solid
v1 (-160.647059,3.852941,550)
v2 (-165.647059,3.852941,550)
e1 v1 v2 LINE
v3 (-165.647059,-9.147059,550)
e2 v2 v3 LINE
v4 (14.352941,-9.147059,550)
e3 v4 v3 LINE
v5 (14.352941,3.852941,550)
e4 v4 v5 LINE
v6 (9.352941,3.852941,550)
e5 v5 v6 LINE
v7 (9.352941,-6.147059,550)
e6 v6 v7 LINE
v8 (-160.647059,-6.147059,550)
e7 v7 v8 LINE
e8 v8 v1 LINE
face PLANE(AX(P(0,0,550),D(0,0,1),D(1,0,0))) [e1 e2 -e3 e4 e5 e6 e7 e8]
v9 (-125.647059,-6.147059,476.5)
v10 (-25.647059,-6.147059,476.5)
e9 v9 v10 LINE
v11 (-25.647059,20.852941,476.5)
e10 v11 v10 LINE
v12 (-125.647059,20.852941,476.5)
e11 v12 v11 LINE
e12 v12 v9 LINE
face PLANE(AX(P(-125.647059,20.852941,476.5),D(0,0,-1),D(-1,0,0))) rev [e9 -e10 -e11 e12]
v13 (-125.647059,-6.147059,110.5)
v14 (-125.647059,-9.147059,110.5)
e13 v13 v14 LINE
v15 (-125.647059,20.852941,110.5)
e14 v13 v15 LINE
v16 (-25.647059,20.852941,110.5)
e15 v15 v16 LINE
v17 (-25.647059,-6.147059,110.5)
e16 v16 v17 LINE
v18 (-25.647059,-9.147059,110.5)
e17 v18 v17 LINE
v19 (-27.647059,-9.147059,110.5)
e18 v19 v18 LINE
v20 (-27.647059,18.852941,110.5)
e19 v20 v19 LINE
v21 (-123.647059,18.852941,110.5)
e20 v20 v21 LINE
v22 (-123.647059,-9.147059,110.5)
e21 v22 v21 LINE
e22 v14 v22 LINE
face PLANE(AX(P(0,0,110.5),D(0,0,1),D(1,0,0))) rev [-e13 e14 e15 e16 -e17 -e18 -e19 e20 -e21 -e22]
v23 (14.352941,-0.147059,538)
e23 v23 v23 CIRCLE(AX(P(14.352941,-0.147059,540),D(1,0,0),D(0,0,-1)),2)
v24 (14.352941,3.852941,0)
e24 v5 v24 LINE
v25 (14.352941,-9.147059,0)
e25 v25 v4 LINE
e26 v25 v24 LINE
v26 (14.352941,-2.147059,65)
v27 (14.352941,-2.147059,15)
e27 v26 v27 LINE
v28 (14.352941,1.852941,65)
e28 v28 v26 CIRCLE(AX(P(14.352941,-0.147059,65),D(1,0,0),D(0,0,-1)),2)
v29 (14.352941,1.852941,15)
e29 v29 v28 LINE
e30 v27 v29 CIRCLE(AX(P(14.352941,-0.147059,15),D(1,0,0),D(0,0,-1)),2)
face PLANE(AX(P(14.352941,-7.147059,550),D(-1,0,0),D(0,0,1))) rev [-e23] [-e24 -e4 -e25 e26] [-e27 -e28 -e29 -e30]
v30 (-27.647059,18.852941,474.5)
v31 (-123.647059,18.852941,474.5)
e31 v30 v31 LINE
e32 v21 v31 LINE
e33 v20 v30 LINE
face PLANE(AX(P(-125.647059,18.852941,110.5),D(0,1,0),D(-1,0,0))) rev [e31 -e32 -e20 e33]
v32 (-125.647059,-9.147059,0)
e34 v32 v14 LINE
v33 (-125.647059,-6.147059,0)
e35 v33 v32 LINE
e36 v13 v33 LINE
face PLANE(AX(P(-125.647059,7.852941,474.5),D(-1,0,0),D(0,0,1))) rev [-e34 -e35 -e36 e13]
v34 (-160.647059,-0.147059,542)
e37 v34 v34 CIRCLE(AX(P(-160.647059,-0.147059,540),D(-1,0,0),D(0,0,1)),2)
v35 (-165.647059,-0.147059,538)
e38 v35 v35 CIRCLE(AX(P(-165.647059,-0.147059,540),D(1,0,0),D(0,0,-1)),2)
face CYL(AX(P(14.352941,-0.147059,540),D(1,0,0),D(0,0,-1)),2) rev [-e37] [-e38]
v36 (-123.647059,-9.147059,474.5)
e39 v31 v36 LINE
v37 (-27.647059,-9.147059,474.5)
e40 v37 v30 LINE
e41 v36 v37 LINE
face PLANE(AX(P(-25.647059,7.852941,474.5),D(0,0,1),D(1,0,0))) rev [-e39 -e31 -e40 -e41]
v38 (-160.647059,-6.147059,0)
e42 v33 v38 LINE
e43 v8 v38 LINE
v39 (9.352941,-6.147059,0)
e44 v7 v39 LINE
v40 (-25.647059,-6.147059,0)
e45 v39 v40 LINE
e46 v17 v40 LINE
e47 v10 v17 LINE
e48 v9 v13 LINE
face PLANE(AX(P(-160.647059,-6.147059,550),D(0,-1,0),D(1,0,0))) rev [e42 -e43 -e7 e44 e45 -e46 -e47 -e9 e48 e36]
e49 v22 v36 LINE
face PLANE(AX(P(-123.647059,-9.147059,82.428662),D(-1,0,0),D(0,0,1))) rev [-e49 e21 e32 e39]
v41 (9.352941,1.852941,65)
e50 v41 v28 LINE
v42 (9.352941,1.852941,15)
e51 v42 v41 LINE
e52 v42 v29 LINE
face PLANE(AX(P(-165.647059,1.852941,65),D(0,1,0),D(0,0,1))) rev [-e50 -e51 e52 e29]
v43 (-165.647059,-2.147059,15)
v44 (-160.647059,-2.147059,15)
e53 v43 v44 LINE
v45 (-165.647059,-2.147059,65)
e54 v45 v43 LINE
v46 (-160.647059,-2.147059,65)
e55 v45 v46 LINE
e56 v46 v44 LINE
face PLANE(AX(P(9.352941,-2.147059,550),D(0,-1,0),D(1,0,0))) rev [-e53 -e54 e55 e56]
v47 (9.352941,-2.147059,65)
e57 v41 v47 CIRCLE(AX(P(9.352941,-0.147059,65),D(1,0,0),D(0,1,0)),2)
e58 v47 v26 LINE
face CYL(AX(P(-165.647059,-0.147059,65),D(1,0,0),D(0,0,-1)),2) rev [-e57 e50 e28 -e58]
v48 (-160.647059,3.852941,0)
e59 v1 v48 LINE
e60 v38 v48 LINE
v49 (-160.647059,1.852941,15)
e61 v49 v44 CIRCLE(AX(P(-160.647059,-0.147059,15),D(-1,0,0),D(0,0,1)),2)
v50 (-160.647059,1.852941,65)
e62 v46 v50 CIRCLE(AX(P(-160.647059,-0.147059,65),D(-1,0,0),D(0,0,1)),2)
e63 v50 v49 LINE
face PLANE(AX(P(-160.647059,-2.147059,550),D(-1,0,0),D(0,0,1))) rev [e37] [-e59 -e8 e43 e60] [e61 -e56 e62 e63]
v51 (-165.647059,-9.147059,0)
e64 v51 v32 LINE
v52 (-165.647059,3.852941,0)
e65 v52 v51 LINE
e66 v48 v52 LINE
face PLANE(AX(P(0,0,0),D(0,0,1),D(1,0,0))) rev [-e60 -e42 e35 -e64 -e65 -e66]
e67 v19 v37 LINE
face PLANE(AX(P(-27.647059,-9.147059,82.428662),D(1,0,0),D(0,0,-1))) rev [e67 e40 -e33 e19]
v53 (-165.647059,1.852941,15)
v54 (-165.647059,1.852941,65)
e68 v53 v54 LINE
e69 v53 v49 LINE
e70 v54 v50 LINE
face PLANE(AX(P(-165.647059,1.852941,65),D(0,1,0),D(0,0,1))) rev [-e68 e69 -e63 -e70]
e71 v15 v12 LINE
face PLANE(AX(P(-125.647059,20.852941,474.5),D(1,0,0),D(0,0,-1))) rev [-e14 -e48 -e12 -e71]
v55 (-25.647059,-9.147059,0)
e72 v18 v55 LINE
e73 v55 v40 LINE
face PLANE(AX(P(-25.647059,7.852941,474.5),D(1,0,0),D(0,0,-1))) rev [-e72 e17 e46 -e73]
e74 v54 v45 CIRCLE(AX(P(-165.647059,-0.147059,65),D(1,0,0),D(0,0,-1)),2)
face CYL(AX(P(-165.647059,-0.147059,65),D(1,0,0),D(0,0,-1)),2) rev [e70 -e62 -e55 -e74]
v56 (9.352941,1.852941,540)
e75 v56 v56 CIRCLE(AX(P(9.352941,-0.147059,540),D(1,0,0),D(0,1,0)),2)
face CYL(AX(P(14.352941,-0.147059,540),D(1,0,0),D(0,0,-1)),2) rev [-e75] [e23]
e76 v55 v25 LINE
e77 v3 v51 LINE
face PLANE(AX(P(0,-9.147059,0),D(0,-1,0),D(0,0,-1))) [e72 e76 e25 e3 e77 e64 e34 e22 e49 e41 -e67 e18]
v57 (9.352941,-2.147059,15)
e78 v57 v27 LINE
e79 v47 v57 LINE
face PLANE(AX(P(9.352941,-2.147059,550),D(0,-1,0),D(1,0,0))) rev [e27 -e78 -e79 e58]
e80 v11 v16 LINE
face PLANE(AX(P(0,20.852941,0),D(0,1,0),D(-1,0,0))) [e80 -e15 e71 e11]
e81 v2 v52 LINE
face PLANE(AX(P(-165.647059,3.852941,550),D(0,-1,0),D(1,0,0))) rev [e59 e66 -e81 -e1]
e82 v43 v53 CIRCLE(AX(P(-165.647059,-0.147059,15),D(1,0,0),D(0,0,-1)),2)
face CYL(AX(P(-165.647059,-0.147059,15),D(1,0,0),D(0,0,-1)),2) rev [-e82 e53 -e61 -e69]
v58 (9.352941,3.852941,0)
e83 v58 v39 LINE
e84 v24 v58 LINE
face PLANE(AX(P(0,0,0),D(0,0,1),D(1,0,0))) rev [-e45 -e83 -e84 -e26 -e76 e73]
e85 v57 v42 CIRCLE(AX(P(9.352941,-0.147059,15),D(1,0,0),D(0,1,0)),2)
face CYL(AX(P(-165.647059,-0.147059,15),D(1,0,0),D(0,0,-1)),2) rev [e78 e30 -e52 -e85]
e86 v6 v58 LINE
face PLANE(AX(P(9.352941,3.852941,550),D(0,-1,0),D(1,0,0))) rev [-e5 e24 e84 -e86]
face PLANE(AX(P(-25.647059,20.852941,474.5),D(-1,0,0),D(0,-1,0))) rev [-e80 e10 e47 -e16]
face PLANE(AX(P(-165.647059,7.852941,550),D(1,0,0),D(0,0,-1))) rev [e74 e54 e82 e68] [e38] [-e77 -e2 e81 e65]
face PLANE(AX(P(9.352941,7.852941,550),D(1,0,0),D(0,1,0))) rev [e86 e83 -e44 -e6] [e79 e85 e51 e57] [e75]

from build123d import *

# Parameters (mm, degrees)
BOSS_EXTRUDE1_DEPTH   = 550
F_4_0MM_DOWEL_HOLE1_D = 4
CUT_EXTRUDE1_DEPTH    = 579.75873098
SKETCH7_W             = 100
SKETCH7_H             = 409.5
CUT_EXTRUDE2_DEPTH    = 575.598945437
SKETCH8_W             = 100
SKETCH8_H             = 2
BOSS_EXTRUDE2_DEPTH   = 23
SKETCH9_W             = 100
SKETCH9_H             = 2
BOSS_EXTRUDE3_DEPTH   = 364
SKETCH10_W            = 100
SKETCH10_H            = 64.953820437
CUT_EXTRUDE3_DEPTH    = 364
SKETCH11_W            = 100
SKETCH11_H            = 35.696147614
CUT_EXTRUDE4_DEPTH    = 364
SKETCH12_W            = 5
SKETCH12_H            = 4
CUT_EXTRUDE6_DEPTH    = 575.781517842
SKETCH13_W            = 35
SKETCH13_H            = 2
CUT_EXTRUDE7_DEPTH    = 575.781517842
BOSS_EXTRUDE4_DEPTH   = 2
SKETCH15_W            = 35
SKETCH15_H            = 2
CUT_EXTRUDE8_DEPTH    = 575.781517842
SKETCH18_W            = 100
SKETCH18_H            = 7.149859065
CUT_EXTRUDE10_DEPTH   = 73.5
SKETCH22_W            = 2
SKETCH22_H            = 28
BOSS_EXTRUDE8_DEPTH   = 364
SKETCH24_W            = 2
SKETCH24_H            = 28
BOSS_EXTRUDE9_DEPTH   = 364


with BuildPart() as part:
    # Sketch1 → Boss-Extrude1 (new body)
    with BuildSketch(Plane.XY):
        Polygon((-165.647058824, 7.852941176), (-165.647058824, -7.147058824), (14.352941176, -7.147058824), (14.352941176, 7.852941176), (9.352941176, 7.852941176), (9.352941176, -2.147058824), (-160.647058824, -2.147058824), (-160.647058824, 7.852941176), align=None)
    extrude(amount=BOSS_EXTRUDE1_DEPTH)

    # Ø4.0mm Dowel Hole1 (through all)
    with Locations(Plane(origin=(14.352941176, 0, 0), x_dir=(0, 0, -1), z_dir=(1, 0, 0))):
        with Locations((-540, -0.147058824)):
            Hole(F_4_0MM_DOWEL_HOLE1_D / 2)

    # Sketch5 → Cut-Extrude1 (cut, through all)
    with BuildSketch(Plane(origin=(14.352941176, 0, 0), x_dir=(0, 0, -1), z_dir=(1, 0, 0))):
        with BuildLine():
            Line((-65, 1.852941176), (-15, 1.852941176))
            ThreePointArc((-15, 1.852941176), (-13, -0.147058824), (-15, -2.147058824))
            Line((-15, -2.147058824), (-65, -2.147058824))
            ThreePointArc((-65, -2.147058824), (-67, -0.147058824), (-65, 1.852941176))
        make_face()
    extrude(amount=-CUT_EXTRUDE1_DEPTH, mode=Mode.SUBTRACT)

    # Sketch7 → Cut-Extrude2 (cut, through all)
    with BuildSketch(Plane.XZ.offset(7.147058824)):
        with Locations((-75.647058824, 269.75)):
            Rectangle(SKETCH7_W, SKETCH7_H)
    extrude(amount=-CUT_EXTRUDE2_DEPTH, mode=Mode.SUBTRACT)

    # Sketch8 → Boss-Extrude2 (add)
    with BuildSketch(Plane(origin=(0, -2.147058824, 0), x_dir=(1, 0, 0), z_dir=(0, 1, 0))):
        with Locations((-75.647058824, -475.5)):
            Rectangle(SKETCH8_W, SKETCH8_H)
    extrude(amount=BOSS_EXTRUDE2_DEPTH)

    # Sketch9 → Boss-Extrude3 (add)
    with BuildSketch(Plane(origin=(0, 0, 474.5), x_dir=(-1, 0, 0), z_dir=(0, 0, -1))):
        with Locations((75.647058824, 19.852941176)):
            Rectangle(SKETCH9_W, SKETCH9_H)
    extrude(amount=BOSS_EXTRUDE3_DEPTH)

    # Sketch10 → Cut-Extrude3 (cut)
    with BuildSketch(Plane.XZ.offset(7.147058824)):
        with Locations((-75.647058824, 32.523089781)):
            Rectangle(SKETCH10_W, SKETCH10_H)
    extrude(amount=-CUT_EXTRUDE3_DEPTH, mode=Mode.SUBTRACT)

    # Sketch11 → Cut-Extrude4 (cut)
    with BuildSketch(Plane.XZ.offset(7.147058824)):
        with Locations((-75.647058824, -10.567416996)):
            Rectangle(SKETCH11_W, SKETCH11_H)
    extrude(amount=-CUT_EXTRUDE4_DEPTH, mode=Mode.SUBTRACT)

    # Sketch12 → Cut-Extrude6 (cut, through all)
    with BuildSketch(Plane(origin=(0, 0, 0), x_dir=(-1, 0, 0), z_dir=(0, 0, -1))):
        with Locations((-11.852941176, 5.852941176)):
            Rectangle(SKETCH12_W, SKETCH12_H)
        with Locations((163.147058824, 5.852941176)):
            Rectangle(SKETCH12_W, SKETCH12_H)
    extrude(amount=-CUT_EXTRUDE6_DEPTH, mode=Mode.SUBTRACT)

    # Sketch13 → Cut-Extrude7 (cut, through all)
    with BuildSketch(Plane(origin=(0, 0, 0), x_dir=(-1, 0, 0), z_dir=(0, 0, -1))):
        with Locations((8.147058824, -3.147058824)):
            Rectangle(SKETCH13_W, SKETCH13_H)
        with Locations((143.147058824, -3.147058824)):
            Rectangle(SKETCH13_W, SKETCH13_H)
    extrude(amount=-CUT_EXTRUDE7_DEPTH, mode=Mode.SUBTRACT)

    # Sketch14 → Boss-Extrude4 (add)
    with BuildSketch(Plane.XZ.offset(7.147058824)):
        Polygon((-165.647058824, 0), (-125.647058824, 0), (-125.647058824, 474.5), (-25.647058824, 474.5), (-25.647058824, 0), (14.352941176, 0), (14.352941176, 550), (-165.647058824, 550), align=None)
    extrude(amount=BOSS_EXTRUDE4_DEPTH)

    # Sketch15 → Cut-Extrude8 (cut, through all)
    with BuildSketch(Plane(origin=(0, 0, 0), x_dir=(-1, 0, 0), z_dir=(0, 0, -1))):
        with Locations((143.147058824, -5.147058824)):
            Rectangle(SKETCH15_W, SKETCH15_H)
        with Locations((8.147058824, -5.147058824)):
            Rectangle(SKETCH15_W, SKETCH15_H)
    extrude(amount=-CUT_EXTRUDE8_DEPTH, mode=Mode.SUBTRACT)

    # Sketch18 → Cut-Extrude10 (cut)
    with BuildSketch(Plane.XY.offset(550)):
        with Locations((-75.647058824, -2.572129292)):
            Rectangle(SKETCH18_W, SKETCH18_H)
    extrude(amount=-CUT_EXTRUDE10_DEPTH, mode=Mode.SUBTRACT)

    # Sketch22 → Boss-Extrude8 (add)
    with BuildSketch(Plane(origin=(0, 0, 474.5), x_dir=(-1, 0, 0), z_dir=(0, 0, -1))):
        with Locations((124.647058824, 4.852941176)):
            Rectangle(SKETCH22_W, SKETCH22_H)
    extrude(amount=BOSS_EXTRUDE8_DEPTH)

    # Sketch24 → Boss-Extrude9 (add)
    with BuildSketch(Plane(origin=(0, 0, 474.5), x_dir=(-1, 0, 0), z_dir=(0, 0, -1))):
        with Locations((26.647058824, 4.852941176)):
            Rectangle(SKETCH24_W, SKETCH24_H)
    extrude(amount=BOSS_EXTRUDE9_DEPTH)


solid = part.part
